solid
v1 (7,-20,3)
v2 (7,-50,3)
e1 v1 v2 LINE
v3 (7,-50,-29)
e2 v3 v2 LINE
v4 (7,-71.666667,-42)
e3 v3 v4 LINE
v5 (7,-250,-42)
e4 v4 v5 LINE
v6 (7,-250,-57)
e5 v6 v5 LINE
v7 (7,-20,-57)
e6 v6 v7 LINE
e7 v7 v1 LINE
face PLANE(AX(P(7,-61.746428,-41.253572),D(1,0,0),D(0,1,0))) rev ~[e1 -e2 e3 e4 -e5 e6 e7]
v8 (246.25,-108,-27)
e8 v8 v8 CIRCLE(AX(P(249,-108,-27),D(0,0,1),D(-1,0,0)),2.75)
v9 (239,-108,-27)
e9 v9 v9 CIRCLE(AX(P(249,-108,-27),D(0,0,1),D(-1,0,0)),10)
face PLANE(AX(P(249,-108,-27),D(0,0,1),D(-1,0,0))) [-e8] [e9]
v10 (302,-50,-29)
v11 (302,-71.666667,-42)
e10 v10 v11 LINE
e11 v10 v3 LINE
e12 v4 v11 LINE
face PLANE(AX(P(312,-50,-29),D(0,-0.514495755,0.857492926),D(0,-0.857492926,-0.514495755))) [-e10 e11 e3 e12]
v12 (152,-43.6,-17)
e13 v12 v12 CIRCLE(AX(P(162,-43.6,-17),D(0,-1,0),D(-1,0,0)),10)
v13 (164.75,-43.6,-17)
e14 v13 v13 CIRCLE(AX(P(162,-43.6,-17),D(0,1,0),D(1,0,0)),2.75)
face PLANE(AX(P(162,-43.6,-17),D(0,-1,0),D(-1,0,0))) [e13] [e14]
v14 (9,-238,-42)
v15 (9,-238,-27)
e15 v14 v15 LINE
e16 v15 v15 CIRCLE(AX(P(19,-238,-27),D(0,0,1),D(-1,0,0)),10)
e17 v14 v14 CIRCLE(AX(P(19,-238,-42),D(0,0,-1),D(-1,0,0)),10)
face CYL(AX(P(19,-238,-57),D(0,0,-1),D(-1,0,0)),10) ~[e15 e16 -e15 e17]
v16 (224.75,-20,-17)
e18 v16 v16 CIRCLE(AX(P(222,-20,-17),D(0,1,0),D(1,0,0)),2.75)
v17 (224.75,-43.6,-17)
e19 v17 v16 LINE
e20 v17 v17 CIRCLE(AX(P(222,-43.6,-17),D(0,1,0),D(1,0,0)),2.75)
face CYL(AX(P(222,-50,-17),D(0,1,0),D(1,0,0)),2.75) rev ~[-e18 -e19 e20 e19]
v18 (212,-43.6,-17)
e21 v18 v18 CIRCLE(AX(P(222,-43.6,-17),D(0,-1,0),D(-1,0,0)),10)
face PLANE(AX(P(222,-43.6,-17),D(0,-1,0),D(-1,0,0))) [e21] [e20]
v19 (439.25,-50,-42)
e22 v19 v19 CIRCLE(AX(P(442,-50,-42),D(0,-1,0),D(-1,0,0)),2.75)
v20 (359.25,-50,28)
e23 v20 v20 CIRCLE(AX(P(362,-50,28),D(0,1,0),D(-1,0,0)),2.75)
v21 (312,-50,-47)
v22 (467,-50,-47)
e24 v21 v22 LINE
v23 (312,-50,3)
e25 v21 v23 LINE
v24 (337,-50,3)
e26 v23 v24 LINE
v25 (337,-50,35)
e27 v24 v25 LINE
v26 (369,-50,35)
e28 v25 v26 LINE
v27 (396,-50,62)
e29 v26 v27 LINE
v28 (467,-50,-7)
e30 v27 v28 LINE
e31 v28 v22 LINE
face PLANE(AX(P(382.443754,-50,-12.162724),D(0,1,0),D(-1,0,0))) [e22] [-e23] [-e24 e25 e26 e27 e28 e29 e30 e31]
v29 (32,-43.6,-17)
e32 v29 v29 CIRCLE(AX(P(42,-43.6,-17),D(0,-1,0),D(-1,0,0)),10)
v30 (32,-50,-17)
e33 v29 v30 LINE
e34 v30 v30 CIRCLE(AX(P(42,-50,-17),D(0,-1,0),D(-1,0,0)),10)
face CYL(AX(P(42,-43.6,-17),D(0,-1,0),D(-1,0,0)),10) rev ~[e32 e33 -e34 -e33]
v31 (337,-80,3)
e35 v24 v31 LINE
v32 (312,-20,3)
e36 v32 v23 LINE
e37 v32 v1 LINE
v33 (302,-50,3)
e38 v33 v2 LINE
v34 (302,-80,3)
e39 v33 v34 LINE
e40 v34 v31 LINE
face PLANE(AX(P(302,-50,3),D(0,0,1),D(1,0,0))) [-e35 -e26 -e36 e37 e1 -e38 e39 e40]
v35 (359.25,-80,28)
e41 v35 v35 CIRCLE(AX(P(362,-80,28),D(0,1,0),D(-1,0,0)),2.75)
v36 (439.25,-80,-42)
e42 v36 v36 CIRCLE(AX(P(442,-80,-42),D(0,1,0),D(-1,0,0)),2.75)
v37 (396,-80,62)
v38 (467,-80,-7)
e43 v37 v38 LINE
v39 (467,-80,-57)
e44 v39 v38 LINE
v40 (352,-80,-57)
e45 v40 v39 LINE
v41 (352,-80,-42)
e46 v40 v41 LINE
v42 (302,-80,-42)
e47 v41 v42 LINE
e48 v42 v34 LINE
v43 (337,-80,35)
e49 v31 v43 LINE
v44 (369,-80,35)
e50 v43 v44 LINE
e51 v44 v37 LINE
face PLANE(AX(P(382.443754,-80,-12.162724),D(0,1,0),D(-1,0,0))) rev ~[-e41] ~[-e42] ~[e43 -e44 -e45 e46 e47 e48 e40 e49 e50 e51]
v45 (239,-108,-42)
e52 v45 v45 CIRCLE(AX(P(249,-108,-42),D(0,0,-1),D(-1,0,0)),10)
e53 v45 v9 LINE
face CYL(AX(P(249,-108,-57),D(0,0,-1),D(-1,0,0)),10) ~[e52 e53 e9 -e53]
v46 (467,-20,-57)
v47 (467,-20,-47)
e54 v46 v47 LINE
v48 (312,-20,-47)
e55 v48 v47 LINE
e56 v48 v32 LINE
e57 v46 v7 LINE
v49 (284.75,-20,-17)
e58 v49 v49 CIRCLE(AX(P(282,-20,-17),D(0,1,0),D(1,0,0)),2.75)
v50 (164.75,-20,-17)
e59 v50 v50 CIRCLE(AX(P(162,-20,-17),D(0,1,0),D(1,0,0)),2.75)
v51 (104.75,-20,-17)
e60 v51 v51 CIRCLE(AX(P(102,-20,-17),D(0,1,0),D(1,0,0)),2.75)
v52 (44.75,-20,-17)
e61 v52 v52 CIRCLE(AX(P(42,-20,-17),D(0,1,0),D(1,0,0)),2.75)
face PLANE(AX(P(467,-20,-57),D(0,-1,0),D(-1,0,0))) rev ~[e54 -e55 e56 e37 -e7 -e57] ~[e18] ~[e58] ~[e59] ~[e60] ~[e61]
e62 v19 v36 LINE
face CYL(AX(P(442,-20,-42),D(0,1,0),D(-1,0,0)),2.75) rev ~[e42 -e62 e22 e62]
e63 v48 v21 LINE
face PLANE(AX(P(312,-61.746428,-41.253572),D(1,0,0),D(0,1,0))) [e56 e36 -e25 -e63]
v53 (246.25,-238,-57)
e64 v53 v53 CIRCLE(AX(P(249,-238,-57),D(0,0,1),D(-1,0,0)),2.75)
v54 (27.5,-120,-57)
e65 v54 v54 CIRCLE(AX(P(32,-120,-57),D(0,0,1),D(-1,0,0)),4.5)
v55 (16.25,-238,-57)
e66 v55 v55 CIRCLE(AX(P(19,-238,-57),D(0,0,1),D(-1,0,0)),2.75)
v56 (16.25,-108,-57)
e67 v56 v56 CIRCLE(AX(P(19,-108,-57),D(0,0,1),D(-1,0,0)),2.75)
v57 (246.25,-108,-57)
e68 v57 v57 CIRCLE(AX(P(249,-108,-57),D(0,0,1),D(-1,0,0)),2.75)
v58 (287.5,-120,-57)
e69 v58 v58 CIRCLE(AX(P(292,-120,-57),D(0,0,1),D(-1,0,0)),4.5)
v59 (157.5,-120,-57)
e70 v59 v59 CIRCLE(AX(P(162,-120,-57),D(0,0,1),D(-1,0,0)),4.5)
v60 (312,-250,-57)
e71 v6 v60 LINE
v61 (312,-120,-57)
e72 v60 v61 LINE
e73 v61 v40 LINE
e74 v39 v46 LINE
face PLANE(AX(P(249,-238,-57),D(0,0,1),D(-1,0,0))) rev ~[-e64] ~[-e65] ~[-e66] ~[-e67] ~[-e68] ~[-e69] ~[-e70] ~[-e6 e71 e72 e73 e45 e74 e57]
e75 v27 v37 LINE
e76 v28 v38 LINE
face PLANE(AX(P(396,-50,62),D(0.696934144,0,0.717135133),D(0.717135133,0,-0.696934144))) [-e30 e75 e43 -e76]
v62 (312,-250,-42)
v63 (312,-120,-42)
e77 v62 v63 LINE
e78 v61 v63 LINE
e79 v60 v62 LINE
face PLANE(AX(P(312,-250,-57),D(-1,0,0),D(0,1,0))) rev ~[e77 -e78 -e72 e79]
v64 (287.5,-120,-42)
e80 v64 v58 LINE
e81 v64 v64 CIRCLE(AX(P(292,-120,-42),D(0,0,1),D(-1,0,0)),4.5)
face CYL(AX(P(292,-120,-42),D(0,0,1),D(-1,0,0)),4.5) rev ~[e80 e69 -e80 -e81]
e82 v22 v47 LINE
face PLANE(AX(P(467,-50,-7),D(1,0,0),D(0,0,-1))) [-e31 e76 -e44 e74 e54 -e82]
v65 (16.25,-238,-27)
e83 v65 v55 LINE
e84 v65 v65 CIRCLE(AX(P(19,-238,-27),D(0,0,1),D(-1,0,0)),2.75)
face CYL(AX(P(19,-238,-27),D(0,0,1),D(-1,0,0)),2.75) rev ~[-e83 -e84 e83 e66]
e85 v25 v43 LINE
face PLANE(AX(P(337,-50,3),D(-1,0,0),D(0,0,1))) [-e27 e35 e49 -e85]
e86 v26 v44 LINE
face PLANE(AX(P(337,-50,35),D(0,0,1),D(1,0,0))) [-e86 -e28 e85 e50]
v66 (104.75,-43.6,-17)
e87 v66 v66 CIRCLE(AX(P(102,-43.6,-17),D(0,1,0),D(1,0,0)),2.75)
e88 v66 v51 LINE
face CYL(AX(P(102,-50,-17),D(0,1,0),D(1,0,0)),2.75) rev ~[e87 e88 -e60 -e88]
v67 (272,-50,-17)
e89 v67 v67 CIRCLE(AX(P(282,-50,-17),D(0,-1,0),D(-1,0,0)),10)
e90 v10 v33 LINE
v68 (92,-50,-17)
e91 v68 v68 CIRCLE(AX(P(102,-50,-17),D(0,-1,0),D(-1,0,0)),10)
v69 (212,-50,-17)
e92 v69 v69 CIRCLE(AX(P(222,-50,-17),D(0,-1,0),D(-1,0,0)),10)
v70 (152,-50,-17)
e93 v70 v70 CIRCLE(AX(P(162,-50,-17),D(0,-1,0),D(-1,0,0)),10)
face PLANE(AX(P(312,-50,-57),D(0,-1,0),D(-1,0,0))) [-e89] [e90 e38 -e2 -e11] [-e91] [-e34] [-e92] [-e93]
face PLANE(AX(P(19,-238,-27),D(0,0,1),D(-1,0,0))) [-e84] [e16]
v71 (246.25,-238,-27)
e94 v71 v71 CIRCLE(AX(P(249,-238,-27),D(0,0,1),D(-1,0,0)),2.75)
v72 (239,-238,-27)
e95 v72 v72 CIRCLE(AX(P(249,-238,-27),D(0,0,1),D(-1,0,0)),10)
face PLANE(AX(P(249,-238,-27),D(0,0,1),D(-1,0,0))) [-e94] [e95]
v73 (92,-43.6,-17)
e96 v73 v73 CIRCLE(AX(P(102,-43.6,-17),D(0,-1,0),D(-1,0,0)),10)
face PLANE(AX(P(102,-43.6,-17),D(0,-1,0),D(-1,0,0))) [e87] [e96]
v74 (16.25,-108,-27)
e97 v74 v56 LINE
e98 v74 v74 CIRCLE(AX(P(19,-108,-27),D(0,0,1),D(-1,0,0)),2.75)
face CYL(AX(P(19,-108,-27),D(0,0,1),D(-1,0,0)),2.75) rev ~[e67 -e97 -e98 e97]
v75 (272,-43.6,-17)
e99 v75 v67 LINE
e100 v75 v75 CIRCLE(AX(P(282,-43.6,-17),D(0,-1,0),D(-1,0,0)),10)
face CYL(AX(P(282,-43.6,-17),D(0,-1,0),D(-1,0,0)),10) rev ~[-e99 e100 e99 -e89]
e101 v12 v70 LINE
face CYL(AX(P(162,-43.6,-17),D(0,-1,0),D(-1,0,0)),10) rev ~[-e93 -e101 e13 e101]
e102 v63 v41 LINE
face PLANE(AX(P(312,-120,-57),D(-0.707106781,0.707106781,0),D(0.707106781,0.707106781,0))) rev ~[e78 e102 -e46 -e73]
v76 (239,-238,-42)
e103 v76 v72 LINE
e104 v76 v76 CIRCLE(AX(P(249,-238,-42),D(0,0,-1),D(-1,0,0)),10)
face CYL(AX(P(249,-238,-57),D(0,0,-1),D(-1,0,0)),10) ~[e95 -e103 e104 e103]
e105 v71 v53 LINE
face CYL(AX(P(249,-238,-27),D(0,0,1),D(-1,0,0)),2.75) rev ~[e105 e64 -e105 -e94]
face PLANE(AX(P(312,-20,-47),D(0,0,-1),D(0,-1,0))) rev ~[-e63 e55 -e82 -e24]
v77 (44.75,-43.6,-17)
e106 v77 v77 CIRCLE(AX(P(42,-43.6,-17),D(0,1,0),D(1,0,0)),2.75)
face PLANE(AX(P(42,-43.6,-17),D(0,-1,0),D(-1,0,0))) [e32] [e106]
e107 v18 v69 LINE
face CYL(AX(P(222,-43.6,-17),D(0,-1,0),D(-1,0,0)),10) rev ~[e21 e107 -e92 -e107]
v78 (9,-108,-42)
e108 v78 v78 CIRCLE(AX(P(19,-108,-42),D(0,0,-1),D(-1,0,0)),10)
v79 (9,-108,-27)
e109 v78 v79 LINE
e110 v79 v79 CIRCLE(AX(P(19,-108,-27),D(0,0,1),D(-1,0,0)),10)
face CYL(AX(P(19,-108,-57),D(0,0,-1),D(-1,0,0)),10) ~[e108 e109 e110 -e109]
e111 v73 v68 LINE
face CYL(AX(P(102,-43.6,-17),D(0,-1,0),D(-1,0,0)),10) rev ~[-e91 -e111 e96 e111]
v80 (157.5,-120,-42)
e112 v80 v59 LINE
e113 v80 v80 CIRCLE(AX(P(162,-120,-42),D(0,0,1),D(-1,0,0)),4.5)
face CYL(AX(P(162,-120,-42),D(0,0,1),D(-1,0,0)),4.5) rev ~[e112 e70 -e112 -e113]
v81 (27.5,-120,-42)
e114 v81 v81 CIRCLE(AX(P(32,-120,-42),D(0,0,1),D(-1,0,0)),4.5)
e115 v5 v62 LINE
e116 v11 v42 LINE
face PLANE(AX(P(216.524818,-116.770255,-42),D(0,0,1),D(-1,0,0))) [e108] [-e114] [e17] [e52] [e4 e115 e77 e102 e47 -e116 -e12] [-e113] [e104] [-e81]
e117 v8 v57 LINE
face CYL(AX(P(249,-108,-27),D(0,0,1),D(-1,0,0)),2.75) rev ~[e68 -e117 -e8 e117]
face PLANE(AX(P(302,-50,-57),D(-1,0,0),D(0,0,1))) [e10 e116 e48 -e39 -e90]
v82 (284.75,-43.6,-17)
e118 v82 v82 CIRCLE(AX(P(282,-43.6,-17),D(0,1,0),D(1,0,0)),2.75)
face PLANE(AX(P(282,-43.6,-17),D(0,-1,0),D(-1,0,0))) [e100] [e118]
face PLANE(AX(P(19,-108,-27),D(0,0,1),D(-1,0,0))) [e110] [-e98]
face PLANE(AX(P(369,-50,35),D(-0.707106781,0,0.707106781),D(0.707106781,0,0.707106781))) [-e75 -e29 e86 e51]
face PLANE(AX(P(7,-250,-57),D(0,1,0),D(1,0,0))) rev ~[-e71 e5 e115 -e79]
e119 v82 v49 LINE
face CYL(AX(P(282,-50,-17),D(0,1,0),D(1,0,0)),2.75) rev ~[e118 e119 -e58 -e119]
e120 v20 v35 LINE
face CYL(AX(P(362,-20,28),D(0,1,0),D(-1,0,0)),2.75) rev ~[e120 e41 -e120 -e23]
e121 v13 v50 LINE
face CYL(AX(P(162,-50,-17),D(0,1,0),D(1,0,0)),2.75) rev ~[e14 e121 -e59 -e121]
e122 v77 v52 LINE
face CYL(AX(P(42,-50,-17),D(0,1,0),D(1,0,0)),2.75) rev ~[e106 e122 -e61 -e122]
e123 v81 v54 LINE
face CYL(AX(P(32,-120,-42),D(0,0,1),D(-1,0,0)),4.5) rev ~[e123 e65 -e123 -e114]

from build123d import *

# Parameters (mm, degrees)
PAD004_DEPTH            = 15
SKETCH010_W             = 305
SKETCH010_H             = 30
PAD005_DEPTH            = 60
HOLE002_D               = 5.5
HOLE002_DEPTH           = 57
HOLE002_CBORE_D         = 20
HOLE002_CBORE_DEPTH     = 6.4
PAD006_DEPTH            = 305
SKETCH013_R             = 4.5
HOLE003_DEPTH           = 25
PAD011_DEPTH            = 30
SKETCH026_R             = 2.75
HOLE006_DEPTH           = 230.001
SKETCH027_W             = 30
SKETCH027_H             = 6
POCKET004_DEPTH         = 172
SKETCH028_R             = 10
PAD012_DEPTH            = 30
SKETCH029_R             = 2.75
HOLE007_DEPTH           = 37
BODY005_PLACEMENT_ANGLE = 180


with BuildPart() as part:
    # Sketch009 → Pad004 (new body)
    with BuildSketch(Plane.XY):
        Polygon((-155, 0), (305, 0), (305, 230), (0, 230), (0, 100), (-40, 60), (-155, 60), align=None)
    extrude(amount=PAD004_DEPTH)

    # Sketch010 → Pad005 (join)
    with BuildSketch(Plane.XY):
        with Locations((152.5, 15)):
            Rectangle(SKETCH010_W, SKETCH010_H)
    extrude(amount=PAD005_DEPTH)

    # Hole002
    with Locations(Plane(origin=(0, 30, 0), x_dir=(1, 0, 0), z_dir=(0, 1, 0))):
        with Locations((270, -40), (210, -40), (150, -40), (90, -40), (30, -40)):
            CounterBoreHole(HOLE002_D / 2, HOLE002_CBORE_D / 2, HOLE002_CBORE_DEPTH, depth=HOLE002_DEPTH)

    # Sketch012 → Pad006 (join)
    with BuildSketch(Plane.YZ):
        Polygon((30, 28), (60, 10), (30, 10), align=None)
    extrude(amount=PAD006_DEPTH)

    # Sketch013 → Hole003 (cut)
    with BuildSketch(Plane.XY.offset(15)):
        with Locations((20, 100)):
            Circle(SKETCH013_R)
        with Locations((280, 100)):
            Circle(SKETCH013_R)
        with Locations((150, 100)):
            Circle(SKETCH013_R)
    extrude(amount=-HOLE003_DEPTH, mode=Mode.SUBTRACT)

    # Sketch025 → Pad011 (join)
    with BuildSketch(Plane.XZ.offset(-30)):
        Polygon((-25, 60), (-25, 92), (-57, 92), (-84, 119), (-155, 50), (-155, 0), (10, 0), (10, 60), align=None)
    extrude(amount=-PAD011_DEPTH)

    # Sketch026 → Hole006 (cut, through all)
    with BuildSketch(Plane.XZ):
        with Locations((-50, 85)):
            Circle(SKETCH026_R)
        with Locations((-130, 15)):
            Circle(SKETCH026_R)
    extrude(amount=-HOLE006_DEPTH, mode=Mode.SUBTRACT)

    # Sketch027 → Pocket004 (cut)
    with BuildSketch(Plane.YZ):
        with Locations((15, 13)):
            Rectangle(SKETCH027_W, SKETCH027_H)
    extrude(amount=-POCKET004_DEPTH, mode=Mode.SUBTRACT)

    # Sketch028 → Pad012 (join)
    with BuildSketch(Plane.XY):
        with Locations((63, 218)):
            Circle(SKETCH028_R)
        with Locations((293, 218)):
            Circle(SKETCH028_R)
        with Locations((293, 88)):
            Circle(SKETCH028_R)
        with Locations((63, 88)):
            Circle(SKETCH028_R)
    extrude(amount=PAD012_DEPTH)

    # Sketch029 → Hole007 (cut)
    with BuildSketch(Plane.XY.offset(30)):
        with Locations((63, 218)):
            Circle(SKETCH029_R)
        with Locations((293, 218)):
            Circle(SKETCH029_R)
        with Locations((293, 88)):
            Circle(SKETCH029_R)
        with Locations((63, 88)):
            Circle(SKETCH029_R)
    extrude(amount=-HOLE007_DEPTH, mode=Mode.SUBTRACT)


with BuildPart() as part_1:
    # Body005 placement: moved
    add(part.part.moved(Location((312, -20, -57))).rotate(Axis((312, -20, -57), (0, 0, 1)), BODY005_PLACEMENT_ANGLE))


solid = part_1.part
